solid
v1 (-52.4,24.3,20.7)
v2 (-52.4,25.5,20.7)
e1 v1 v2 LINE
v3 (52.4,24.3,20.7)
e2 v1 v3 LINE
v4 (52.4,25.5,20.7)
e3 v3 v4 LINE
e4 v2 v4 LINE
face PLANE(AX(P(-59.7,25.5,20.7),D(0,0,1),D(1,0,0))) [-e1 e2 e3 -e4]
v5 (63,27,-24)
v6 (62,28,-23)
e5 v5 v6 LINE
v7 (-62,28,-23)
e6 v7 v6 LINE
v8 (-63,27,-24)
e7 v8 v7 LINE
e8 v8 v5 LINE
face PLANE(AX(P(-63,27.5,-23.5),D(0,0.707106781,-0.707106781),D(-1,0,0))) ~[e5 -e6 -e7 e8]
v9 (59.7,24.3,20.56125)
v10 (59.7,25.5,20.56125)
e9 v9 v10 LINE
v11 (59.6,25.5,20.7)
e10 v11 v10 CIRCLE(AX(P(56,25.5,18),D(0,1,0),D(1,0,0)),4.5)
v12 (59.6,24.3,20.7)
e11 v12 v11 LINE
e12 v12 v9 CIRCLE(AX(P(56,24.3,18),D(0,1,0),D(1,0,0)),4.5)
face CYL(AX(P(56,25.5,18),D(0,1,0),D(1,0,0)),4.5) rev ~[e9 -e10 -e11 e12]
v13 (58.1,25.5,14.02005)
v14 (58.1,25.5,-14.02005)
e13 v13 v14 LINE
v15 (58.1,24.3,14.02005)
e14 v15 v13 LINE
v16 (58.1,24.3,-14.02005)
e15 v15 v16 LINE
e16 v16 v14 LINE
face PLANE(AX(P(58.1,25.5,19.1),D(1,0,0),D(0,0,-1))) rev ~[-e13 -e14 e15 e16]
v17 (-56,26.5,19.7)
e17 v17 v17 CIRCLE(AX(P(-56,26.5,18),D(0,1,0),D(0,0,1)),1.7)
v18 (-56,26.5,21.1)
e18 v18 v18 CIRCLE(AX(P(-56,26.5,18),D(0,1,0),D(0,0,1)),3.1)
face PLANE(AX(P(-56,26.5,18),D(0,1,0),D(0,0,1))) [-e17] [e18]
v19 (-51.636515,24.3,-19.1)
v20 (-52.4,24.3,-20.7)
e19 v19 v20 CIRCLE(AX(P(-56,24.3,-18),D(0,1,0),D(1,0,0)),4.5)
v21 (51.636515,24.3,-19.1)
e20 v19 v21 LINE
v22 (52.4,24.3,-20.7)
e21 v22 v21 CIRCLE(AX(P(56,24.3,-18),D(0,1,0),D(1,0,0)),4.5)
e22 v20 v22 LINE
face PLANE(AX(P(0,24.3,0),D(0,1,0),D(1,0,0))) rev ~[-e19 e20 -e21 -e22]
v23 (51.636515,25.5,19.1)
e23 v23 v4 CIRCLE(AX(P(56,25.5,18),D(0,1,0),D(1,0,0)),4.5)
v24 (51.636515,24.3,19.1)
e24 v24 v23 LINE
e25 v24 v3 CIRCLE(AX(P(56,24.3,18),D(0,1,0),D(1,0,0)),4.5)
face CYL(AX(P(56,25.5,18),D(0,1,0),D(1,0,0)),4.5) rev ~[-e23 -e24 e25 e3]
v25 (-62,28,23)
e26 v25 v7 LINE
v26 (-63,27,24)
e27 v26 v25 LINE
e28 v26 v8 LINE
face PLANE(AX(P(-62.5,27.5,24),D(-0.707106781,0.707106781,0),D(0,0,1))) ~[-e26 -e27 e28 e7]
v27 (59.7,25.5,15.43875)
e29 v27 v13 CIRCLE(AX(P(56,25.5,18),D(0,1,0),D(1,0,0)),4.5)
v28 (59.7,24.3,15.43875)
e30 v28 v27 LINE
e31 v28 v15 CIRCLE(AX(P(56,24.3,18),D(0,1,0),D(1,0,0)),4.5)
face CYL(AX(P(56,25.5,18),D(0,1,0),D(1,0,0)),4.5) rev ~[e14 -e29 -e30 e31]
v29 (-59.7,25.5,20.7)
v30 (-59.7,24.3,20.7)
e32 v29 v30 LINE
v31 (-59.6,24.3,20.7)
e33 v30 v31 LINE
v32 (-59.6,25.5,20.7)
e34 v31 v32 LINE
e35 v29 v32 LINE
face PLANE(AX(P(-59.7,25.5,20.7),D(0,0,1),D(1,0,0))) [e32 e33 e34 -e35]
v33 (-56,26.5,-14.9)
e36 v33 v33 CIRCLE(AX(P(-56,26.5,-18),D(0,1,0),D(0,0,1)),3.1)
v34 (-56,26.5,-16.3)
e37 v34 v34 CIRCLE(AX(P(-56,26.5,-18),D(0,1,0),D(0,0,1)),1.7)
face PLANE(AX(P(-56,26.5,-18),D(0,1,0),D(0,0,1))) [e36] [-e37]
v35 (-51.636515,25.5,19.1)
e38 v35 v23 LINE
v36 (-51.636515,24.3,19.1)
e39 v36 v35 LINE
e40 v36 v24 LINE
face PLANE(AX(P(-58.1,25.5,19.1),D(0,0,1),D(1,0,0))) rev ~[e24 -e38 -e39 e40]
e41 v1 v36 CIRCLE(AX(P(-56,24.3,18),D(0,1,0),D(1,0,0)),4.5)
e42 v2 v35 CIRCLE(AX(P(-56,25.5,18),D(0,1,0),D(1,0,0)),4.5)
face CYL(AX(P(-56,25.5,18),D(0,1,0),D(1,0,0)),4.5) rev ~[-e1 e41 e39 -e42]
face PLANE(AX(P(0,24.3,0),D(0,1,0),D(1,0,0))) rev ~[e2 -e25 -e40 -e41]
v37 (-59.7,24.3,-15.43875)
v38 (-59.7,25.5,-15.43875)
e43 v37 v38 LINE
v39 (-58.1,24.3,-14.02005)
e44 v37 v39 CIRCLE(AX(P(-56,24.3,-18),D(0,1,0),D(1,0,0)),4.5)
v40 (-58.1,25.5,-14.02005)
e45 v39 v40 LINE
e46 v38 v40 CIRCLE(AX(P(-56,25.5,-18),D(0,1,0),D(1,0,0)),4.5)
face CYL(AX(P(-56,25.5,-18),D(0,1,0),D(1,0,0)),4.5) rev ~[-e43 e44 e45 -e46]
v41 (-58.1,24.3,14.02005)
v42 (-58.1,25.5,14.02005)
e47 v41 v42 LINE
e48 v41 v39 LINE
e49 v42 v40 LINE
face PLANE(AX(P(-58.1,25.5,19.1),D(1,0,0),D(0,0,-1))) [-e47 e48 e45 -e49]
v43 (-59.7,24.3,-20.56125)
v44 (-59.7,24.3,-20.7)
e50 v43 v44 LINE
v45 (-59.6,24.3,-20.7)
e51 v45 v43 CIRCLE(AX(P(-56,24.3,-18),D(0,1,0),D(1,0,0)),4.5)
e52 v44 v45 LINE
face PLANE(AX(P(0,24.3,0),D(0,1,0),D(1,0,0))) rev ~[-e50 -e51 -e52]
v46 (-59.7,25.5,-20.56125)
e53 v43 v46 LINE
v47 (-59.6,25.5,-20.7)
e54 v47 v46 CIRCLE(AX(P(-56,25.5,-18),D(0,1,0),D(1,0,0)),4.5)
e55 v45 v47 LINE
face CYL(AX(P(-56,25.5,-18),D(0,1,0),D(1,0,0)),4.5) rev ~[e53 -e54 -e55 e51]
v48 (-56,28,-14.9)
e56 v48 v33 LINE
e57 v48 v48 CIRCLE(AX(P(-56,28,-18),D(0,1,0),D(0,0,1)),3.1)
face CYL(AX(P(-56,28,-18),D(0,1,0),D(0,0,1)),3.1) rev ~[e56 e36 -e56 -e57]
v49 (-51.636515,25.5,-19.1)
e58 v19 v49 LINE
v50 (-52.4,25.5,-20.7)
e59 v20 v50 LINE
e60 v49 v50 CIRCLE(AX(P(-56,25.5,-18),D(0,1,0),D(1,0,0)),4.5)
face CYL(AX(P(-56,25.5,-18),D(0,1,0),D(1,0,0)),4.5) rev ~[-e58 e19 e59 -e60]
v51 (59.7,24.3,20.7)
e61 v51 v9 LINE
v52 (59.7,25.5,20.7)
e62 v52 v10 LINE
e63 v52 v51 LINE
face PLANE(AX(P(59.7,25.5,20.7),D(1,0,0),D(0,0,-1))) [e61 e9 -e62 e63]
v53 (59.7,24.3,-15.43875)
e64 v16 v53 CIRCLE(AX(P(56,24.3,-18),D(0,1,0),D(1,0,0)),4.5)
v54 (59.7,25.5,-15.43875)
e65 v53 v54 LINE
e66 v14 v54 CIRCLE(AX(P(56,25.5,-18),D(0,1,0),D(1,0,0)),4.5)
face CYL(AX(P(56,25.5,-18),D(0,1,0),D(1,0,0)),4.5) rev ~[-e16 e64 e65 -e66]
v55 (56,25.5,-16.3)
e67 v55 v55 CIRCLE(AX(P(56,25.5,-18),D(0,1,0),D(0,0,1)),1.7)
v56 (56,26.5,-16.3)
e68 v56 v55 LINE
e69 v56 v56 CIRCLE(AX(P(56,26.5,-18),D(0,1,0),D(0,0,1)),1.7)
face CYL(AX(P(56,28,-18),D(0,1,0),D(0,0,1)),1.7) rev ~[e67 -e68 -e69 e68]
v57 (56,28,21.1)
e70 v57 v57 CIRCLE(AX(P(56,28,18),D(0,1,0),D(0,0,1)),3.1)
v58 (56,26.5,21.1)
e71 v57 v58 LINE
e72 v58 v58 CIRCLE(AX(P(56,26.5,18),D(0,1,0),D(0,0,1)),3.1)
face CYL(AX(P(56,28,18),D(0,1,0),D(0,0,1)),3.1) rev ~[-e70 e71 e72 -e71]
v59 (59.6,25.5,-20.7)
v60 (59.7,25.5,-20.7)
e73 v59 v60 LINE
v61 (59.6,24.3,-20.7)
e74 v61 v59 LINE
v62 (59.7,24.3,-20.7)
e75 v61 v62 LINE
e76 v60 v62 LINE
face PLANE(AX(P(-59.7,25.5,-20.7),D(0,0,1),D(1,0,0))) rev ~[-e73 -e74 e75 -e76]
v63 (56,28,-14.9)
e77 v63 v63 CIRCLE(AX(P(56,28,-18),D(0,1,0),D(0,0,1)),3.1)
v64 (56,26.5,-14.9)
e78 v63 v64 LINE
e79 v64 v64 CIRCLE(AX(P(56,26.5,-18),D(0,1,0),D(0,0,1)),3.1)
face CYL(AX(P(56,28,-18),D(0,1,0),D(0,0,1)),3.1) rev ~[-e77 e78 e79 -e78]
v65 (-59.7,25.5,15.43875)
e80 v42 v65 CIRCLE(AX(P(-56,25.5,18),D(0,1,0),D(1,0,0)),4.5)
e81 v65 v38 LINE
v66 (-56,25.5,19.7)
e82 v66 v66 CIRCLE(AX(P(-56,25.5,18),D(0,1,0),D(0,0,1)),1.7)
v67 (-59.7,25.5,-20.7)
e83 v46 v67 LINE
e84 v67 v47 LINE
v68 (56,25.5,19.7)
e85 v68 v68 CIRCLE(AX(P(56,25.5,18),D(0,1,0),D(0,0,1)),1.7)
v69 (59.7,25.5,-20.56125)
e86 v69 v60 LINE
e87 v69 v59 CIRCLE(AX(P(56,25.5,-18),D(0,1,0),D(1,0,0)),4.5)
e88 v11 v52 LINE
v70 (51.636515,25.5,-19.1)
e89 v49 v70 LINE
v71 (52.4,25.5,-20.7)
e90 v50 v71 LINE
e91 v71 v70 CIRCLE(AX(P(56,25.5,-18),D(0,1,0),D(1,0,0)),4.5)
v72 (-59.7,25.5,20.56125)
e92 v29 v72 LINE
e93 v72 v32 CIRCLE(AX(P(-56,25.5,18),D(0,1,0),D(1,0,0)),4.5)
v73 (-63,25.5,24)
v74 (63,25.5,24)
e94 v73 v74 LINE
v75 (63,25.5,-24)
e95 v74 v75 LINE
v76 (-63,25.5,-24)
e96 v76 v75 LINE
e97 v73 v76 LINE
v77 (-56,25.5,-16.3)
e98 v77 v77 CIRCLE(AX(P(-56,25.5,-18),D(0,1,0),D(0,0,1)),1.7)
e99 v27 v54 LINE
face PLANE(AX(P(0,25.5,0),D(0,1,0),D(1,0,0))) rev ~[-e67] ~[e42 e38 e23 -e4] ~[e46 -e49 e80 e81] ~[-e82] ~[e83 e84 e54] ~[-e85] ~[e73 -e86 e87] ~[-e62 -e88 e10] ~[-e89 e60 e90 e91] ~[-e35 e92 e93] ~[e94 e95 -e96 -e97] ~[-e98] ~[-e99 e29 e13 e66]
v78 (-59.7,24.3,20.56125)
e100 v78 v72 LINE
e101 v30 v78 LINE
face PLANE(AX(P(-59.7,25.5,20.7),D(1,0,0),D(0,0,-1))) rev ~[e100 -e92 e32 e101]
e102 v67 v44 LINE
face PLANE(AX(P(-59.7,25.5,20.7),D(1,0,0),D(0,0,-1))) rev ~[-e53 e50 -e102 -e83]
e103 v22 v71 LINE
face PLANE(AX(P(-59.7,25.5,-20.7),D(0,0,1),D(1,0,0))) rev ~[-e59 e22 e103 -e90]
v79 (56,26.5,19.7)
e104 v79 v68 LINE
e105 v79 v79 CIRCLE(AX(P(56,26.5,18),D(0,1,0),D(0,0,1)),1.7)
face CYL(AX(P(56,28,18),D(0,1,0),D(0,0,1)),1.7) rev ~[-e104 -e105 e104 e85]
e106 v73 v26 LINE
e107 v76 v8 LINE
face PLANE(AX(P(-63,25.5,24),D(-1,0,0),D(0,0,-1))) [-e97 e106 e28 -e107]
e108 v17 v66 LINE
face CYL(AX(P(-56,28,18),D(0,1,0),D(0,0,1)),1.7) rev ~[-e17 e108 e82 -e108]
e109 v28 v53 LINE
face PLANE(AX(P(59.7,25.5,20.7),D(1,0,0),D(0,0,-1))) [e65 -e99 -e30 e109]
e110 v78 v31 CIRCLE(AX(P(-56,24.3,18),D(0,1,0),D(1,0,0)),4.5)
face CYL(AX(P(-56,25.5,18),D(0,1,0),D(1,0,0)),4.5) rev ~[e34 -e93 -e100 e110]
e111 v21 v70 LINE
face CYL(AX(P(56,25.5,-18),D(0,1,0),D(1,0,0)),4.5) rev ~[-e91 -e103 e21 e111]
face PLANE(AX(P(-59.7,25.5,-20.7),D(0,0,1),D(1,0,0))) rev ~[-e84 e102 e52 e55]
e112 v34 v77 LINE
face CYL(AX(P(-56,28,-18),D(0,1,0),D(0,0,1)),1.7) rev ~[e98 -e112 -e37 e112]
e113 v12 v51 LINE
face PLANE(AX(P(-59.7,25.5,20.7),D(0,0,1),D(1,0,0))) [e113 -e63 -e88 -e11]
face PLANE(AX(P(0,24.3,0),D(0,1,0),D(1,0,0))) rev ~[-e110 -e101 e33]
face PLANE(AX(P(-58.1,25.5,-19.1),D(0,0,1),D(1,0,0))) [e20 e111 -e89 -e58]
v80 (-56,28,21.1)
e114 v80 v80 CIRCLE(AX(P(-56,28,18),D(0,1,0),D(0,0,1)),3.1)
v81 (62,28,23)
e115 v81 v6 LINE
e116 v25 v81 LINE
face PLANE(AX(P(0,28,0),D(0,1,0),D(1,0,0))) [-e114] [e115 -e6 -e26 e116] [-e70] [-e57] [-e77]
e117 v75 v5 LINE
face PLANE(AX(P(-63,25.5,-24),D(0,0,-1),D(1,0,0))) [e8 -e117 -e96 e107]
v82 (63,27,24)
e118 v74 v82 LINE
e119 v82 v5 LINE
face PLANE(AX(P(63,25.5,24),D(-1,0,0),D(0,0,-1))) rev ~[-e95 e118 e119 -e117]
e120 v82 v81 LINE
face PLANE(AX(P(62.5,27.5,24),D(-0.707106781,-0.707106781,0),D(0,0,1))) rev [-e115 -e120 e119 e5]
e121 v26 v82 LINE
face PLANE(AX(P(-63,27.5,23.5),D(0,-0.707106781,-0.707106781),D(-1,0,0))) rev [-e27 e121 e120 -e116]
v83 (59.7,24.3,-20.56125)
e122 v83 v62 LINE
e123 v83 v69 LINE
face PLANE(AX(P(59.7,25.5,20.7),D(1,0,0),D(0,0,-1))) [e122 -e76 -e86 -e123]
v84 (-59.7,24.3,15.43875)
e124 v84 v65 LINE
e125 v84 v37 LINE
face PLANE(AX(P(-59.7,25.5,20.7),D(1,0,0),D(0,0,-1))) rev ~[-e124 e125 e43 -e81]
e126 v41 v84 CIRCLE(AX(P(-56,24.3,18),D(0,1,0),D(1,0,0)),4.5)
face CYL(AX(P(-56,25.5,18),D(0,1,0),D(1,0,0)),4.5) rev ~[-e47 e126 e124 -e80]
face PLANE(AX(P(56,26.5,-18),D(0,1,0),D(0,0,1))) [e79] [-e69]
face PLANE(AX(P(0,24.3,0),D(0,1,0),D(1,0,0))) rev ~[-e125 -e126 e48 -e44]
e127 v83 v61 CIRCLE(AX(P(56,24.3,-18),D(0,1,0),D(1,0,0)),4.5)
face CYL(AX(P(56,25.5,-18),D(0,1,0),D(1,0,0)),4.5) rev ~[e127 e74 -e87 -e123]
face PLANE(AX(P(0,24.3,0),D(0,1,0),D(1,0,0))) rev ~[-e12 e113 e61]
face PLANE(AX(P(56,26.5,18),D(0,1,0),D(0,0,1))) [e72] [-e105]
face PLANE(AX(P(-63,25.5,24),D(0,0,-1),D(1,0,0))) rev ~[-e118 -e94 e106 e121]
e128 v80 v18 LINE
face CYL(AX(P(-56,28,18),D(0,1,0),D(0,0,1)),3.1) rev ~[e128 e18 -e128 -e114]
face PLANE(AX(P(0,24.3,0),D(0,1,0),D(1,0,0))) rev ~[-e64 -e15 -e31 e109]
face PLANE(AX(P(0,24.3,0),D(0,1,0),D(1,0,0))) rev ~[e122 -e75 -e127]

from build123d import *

# Parameters (mm, degrees)
SKETCH1_W           = 126
SKETCH1_H           = 48
BOSS_EXTRUDE1_DEPTH = 2.5
CHAMFER1_SIZE       = 1
SKETCH2_W           = 119.4
SKETCH2_H           = 41.4
SKETCH2_W_2         = 116.2
SKETCH2_H_2         = 38.2
BOSS_EXTRUDE2_DEPTH = 1.2
SKETCH3_R           = 4.5
CUT_EXTRUDE1_DEPTH  = 1.5
SKETCH4_R           = 1.7
CUT_EXTRUDE2_DEPTH  = 68.518071655
SKETCH5_R           = 3.1
CUT_EXTRUDE3_DEPTH  = 1.5


with BuildPart() as part:
    # Sketch1 → Boss-Extrude1 (new body)
    with BuildSketch(Plane(origin=(0, 25.5, 0), x_dir=(1, 0, 0), z_dir=(0, 1, 0))):
        Rectangle(SKETCH1_W, SKETCH1_H)
    extrude(amount=BOSS_EXTRUDE1_DEPTH)

    # Chamfer1
    chamfer1_edges = [part.edges().sort_by_distance(p)[0] for p in [
        (63, 28, 0),
        (0, 28, -24),
        (-63, 28, 0),
        (0, 28, 24),
    ]]
    chamfer(chamfer1_edges, length=CHAMFER1_SIZE)

    # Sketch2 → Boss-Extrude2 (add)
    with BuildSketch(Plane(origin=(0, 25.5, 0), x_dir=(1, 0, 0), z_dir=(0, 1, 0))):
        Rectangle(SKETCH2_W, SKETCH2_H)
        Rectangle(SKETCH2_W_2, SKETCH2_H_2, mode=Mode.SUBTRACT)
    extrude(amount=-BOSS_EXTRUDE2_DEPTH)

    # Sketch3 → Cut-Extrude1 (cut)
    with BuildSketch(Plane(origin=(0, 25.5, 0), x_dir=(1, 0, 0), z_dir=(0, 1, 0))):
        with Locations((-56, 18)):
            Circle(SKETCH3_R)
        with Locations((-56, -18)):
            Circle(SKETCH3_R)
        with Locations((56, 18)):
            Circle(SKETCH3_R)
        with Locations((56, -18)):
            Circle(SKETCH3_R)
    extrude(amount=-CUT_EXTRUDE1_DEPTH, mode=Mode.SUBTRACT)

    # Sketch4 → Cut-Extrude2 (cut, through all)
    with BuildSketch(Plane(origin=(0, 28, 0), x_dir=(1, 0, 0), z_dir=(0, 1, 0))):
        with Locations(Location((-56, 18, 0), (0, 0, 270))):
            Circle(SKETCH4_R)
        with Locations(Location((-56, -18, 0), (0, 0, 270))):
            Circle(SKETCH4_R)
        with Locations(Location((56, 18, 0), (0, 0, 270))):
            Circle(SKETCH4_R)
        with Locations(Location((56, -18, 0), (0, 0, 270))):
            Circle(SKETCH4_R)
    extrude(amount=-CUT_EXTRUDE2_DEPTH, mode=Mode.SUBTRACT)

    # Sketch5 → Cut-Extrude3 (cut)
    with BuildSketch(Plane(origin=(0, 28, 0), x_dir=(1, 0, 0), z_dir=(0, 1, 0))):
        with Locations(Location((-56, 18, 0), (0, 0, 270))):
            Circle(SKETCH5_R)
        with Locations(Location((-56, -18, 0), (0, 0, 270))):
            Circle(SKETCH5_R)
        with Locations(Location((56, 18, 0), (0, 0, 270))):
            Circle(SKETCH5_R)
        with Locations(Location((56, -18, 0), (0, 0, 270))):
            Circle(SKETCH5_R)
    extrude(amount=-CUT_EXTRUDE3_DEPTH, mode=Mode.SUBTRACT)


solid = part.part
